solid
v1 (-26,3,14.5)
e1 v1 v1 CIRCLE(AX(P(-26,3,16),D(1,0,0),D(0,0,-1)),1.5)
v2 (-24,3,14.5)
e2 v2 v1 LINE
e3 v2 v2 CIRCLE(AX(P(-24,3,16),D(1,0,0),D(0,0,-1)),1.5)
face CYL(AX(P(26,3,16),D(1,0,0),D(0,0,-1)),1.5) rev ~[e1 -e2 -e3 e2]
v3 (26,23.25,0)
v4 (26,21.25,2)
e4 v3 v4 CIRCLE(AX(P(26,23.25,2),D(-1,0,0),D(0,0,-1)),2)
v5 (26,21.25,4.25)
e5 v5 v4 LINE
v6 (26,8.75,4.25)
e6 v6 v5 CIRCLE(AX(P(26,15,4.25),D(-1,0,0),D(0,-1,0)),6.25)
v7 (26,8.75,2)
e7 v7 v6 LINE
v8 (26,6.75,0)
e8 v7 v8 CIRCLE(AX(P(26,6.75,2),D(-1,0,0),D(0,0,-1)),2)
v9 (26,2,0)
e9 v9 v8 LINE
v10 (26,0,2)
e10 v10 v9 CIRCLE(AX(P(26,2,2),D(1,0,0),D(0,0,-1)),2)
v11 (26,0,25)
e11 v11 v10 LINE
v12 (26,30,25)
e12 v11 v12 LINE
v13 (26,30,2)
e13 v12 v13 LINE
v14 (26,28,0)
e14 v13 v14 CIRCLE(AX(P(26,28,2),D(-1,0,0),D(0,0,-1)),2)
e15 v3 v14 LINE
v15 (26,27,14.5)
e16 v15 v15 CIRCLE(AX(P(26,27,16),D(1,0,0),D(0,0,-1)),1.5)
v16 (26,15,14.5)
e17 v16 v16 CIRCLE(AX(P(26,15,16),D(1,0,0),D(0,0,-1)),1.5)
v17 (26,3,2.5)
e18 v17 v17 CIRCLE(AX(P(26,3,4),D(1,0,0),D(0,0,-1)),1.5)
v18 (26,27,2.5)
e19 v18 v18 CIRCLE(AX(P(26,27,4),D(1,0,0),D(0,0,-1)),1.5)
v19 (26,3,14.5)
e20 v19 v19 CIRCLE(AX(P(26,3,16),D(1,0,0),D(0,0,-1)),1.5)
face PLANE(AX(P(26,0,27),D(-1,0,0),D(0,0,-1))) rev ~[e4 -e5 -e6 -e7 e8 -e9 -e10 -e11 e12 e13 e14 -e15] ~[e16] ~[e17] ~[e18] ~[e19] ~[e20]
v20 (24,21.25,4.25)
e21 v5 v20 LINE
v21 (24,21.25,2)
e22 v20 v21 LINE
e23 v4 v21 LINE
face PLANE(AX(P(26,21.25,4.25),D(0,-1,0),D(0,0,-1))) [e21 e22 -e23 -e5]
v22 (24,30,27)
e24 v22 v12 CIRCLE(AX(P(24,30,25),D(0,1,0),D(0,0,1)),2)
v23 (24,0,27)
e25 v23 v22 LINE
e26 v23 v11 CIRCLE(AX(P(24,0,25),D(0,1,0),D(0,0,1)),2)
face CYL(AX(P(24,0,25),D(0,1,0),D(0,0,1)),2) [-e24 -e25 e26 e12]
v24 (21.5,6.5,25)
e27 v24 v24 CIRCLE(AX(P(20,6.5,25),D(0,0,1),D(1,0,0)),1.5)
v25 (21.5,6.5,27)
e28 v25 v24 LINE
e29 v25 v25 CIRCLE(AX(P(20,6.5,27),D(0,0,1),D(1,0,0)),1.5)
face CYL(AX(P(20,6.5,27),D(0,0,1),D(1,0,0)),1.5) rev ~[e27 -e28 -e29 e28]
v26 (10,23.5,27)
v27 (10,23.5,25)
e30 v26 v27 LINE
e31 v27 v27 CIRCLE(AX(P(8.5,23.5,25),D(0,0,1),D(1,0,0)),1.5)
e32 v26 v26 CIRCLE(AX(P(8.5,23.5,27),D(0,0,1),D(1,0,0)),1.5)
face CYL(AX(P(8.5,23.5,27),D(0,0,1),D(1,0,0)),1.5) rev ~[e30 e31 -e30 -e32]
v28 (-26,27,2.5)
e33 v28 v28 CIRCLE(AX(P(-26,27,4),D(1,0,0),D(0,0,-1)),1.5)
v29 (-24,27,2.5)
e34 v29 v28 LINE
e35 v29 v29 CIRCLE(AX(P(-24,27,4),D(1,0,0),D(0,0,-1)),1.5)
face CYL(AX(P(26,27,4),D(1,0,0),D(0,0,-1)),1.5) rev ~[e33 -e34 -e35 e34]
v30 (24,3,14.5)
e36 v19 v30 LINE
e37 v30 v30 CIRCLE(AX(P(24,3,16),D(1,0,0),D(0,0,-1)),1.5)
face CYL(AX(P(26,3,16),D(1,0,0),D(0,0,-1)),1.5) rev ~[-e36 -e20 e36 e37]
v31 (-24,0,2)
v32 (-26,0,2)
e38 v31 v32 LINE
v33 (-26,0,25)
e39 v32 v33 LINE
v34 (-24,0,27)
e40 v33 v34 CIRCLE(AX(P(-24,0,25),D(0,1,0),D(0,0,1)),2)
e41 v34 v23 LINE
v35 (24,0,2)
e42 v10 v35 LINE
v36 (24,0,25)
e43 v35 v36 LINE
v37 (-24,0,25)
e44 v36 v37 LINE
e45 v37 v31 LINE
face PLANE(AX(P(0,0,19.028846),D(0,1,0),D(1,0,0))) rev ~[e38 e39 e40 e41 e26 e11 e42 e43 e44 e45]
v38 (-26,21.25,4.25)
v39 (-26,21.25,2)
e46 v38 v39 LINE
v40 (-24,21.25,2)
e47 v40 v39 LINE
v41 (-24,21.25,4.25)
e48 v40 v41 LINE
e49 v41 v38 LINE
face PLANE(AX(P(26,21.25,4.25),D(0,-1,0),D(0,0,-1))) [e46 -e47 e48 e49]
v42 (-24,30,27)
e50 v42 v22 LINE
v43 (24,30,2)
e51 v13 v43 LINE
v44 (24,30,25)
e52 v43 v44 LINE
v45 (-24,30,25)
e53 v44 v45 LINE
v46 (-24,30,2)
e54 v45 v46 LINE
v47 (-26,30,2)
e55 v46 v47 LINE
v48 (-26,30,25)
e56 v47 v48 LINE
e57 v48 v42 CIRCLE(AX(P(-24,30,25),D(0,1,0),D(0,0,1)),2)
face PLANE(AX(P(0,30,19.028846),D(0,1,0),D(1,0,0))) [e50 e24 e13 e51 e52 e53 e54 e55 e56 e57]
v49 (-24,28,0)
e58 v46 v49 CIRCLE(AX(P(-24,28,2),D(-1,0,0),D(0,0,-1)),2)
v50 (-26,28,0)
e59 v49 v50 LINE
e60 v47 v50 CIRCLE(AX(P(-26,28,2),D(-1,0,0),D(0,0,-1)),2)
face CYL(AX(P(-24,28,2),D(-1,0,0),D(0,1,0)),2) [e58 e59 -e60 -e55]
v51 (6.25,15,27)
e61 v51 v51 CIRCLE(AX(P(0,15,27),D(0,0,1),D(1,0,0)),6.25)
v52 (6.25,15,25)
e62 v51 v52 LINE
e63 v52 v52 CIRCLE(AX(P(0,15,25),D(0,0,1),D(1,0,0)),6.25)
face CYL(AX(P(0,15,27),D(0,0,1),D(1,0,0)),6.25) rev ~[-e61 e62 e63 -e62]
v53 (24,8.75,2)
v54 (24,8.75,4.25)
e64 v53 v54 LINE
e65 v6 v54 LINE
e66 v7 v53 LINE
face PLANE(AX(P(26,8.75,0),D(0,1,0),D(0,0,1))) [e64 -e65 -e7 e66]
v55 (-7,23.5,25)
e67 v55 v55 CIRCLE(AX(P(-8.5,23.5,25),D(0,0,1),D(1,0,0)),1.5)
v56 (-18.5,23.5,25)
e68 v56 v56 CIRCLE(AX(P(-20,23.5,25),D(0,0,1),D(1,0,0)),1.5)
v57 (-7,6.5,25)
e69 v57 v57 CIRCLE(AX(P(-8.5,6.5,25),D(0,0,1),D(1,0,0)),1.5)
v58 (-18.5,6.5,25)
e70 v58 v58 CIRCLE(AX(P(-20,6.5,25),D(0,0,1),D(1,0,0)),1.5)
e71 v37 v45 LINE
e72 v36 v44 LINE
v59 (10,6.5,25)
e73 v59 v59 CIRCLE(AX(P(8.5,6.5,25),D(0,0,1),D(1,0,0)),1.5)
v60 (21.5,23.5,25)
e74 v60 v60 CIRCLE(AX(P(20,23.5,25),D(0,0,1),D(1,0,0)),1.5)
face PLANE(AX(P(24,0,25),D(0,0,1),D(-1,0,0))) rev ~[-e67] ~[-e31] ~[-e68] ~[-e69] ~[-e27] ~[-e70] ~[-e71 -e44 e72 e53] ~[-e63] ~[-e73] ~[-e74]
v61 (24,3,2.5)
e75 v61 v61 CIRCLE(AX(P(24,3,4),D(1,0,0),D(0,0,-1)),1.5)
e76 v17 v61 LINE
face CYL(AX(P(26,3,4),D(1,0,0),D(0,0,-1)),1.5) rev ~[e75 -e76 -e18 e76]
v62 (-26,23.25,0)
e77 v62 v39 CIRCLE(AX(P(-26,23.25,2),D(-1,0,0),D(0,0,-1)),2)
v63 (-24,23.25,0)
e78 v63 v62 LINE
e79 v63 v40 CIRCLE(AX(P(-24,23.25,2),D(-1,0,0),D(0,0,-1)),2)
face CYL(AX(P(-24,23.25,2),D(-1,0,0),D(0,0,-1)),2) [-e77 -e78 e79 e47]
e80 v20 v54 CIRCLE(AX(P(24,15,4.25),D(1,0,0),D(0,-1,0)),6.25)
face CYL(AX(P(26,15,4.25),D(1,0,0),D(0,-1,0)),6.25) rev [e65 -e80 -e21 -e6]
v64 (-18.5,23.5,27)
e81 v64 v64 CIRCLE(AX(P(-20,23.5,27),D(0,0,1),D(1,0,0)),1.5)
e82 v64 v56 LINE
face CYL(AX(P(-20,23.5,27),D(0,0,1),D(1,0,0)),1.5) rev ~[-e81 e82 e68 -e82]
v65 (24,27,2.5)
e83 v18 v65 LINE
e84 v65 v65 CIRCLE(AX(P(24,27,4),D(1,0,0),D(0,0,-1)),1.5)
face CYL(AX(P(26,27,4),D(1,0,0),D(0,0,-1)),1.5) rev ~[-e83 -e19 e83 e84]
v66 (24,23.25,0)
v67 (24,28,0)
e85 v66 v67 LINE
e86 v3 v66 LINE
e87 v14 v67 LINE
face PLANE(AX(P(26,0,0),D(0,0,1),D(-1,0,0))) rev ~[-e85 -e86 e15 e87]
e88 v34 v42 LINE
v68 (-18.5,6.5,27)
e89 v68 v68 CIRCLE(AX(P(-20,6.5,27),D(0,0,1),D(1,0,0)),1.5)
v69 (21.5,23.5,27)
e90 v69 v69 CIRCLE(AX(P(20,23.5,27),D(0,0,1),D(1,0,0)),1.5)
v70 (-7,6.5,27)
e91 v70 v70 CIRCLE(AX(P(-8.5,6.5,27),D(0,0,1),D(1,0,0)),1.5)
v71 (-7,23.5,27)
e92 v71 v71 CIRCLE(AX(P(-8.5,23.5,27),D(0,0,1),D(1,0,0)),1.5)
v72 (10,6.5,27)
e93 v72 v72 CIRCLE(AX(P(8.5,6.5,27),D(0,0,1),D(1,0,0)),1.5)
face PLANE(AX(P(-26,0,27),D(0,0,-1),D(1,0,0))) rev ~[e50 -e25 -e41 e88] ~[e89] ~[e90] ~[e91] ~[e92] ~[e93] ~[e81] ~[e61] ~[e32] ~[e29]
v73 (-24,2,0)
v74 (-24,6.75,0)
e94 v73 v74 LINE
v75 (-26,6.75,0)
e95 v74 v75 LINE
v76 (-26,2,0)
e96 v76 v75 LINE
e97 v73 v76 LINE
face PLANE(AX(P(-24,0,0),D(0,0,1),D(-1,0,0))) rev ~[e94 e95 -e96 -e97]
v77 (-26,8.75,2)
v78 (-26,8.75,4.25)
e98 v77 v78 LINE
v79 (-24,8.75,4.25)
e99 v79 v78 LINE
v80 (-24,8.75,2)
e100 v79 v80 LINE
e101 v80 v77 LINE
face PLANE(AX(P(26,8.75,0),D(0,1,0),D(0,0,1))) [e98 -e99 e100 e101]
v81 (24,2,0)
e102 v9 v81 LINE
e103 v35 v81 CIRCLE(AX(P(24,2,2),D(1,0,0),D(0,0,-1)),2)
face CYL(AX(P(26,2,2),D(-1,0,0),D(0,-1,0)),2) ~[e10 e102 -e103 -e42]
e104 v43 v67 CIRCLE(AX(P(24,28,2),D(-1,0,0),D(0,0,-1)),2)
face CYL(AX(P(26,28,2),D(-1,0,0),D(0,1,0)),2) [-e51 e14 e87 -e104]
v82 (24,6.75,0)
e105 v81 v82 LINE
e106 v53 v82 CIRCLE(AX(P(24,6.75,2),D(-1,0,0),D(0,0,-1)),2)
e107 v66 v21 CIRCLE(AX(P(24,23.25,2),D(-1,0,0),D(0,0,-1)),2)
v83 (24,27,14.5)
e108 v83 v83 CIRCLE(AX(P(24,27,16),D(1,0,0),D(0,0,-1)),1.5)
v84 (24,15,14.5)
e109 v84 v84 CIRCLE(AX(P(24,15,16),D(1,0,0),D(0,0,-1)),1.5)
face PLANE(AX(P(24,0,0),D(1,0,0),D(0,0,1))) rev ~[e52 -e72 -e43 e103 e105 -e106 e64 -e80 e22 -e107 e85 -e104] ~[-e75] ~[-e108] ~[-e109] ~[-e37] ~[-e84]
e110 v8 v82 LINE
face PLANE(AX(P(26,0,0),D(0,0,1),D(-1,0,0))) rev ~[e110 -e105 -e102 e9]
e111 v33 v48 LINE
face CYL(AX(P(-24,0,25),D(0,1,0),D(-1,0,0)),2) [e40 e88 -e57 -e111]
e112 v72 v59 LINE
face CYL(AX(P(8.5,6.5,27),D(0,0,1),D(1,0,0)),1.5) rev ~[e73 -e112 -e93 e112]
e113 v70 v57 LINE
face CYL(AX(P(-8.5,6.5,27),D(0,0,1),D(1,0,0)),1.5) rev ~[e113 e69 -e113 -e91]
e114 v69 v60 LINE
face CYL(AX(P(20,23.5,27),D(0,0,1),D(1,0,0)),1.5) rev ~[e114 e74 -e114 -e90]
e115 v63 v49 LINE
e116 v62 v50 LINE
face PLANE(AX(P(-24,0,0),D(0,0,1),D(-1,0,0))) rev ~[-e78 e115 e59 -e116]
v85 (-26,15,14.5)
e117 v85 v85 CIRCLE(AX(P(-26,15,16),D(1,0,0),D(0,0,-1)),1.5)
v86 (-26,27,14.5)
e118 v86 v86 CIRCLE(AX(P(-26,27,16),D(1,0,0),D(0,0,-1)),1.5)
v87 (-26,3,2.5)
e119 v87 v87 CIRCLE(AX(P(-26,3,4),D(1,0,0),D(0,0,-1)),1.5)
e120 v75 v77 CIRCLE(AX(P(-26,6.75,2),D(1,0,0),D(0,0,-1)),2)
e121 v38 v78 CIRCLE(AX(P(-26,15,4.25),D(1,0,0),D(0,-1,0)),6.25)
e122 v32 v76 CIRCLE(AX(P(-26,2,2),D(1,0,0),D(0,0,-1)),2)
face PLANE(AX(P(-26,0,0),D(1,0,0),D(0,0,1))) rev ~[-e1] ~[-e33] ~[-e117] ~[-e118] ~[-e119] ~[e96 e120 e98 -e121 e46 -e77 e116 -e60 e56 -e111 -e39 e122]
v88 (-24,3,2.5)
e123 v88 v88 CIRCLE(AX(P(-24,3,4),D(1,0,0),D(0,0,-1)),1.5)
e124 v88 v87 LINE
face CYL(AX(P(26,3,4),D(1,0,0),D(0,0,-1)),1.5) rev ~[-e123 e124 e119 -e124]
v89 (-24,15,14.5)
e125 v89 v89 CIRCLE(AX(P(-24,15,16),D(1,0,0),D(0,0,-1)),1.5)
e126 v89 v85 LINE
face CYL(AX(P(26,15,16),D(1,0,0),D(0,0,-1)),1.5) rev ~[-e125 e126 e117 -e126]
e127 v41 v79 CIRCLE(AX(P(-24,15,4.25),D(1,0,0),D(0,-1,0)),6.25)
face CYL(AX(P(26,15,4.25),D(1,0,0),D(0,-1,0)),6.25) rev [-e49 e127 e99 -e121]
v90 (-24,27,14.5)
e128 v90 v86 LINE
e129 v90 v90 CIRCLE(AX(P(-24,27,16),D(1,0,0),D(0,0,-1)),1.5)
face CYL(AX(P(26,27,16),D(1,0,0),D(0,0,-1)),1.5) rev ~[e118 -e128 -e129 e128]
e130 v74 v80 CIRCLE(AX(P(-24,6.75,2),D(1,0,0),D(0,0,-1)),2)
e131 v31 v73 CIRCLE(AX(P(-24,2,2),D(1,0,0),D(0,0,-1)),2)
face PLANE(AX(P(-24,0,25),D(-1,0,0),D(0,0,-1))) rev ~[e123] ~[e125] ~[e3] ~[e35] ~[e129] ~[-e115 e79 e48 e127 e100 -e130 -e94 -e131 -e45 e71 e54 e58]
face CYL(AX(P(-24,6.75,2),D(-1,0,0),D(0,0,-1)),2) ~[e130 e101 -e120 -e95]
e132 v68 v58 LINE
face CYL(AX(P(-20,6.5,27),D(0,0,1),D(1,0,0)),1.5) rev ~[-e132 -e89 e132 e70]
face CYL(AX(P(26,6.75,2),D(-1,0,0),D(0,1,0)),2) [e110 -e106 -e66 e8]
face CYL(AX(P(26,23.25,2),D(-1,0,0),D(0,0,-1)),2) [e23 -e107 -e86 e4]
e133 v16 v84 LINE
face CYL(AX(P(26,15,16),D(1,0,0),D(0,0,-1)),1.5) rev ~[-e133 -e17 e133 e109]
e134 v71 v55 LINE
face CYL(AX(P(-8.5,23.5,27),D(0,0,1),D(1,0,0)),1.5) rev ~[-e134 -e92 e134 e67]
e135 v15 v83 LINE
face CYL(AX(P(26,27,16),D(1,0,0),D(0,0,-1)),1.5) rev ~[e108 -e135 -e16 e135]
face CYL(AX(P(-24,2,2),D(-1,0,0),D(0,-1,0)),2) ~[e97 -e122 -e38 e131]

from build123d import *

# Parameters (mm, degrees)
BOSS_EXTRUDE1_DEPTH = 30
SKETCH2_R           = 1.5
CUT_EXTRUDE1_DEPTH  = 53
SKETCH3_R           = 6.25
SKETCH3_R_2         = 1.5
CUT_EXTRUDE2_DEPTH  = 30
FILLET1_R           = 2


with BuildPart() as part:
    # Sketch1 → Boss-Extrude1 (new body)
    with BuildSketch(Plane(origin=(0, 0, 0), x_dir=(1, 0, 0), z_dir=(0, 1, 0))):
        Polygon((24, 0), (24, -25), (-24, -25), (-24, 0), (-26, 0), (-26, -27), (26, -27), (26, 0), align=None)
    extrude(amount=BOSS_EXTRUDE1_DEPTH)

    # Sketch2 → Cut-Extrude1 (cut, through all)
    with BuildSketch(Plane(origin=(26, 0, 0), x_dir=(0, 0, -1), z_dir=(1, 0, 0))):
        with Locations((-4, 27)):
            Circle(SKETCH2_R)
        with Locations((-4, 3)):
            Circle(SKETCH2_R)
        with Locations((-16, 15)):
            Circle(SKETCH2_R)
        with Locations((-16, 27)):
            Circle(SKETCH2_R)
        with Locations((-16, 3)):
            Circle(SKETCH2_R)
        with BuildLine():
            Line((-4.25, 21.25), (0, 21.25))
            Line((0, 21.25), (0, 8.75))
            Line((0, 8.75), (-4.25, 8.75))
            ThreePointArc((-4.25, 8.75), (-10.5, 15), (-4.25, 21.25))
        make_face()
    extrude(amount=-CUT_EXTRUDE1_DEPTH, mode=Mode.SUBTRACT)

    # Sketch3 → Cut-Extrude2 (cut)
    with BuildSketch(Plane.XY.offset(27)):
        with Locations((0, 15)):
            Circle(SKETCH3_R)
        with Locations((20, 23.5)):
            Circle(SKETCH3_R_2)
        with Locations((20, 6.5)):
            Circle(SKETCH3_R_2)
        with Locations((8.5, 6.5)):
            Circle(SKETCH3_R_2)
        with Locations((8.5, 23.5)):
            Circle(SKETCH3_R_2)
        with Locations((-8.5, 6.5)):
            Circle(SKETCH3_R_2)
        with Locations((-20, 6.5)):
            Circle(SKETCH3_R_2)
        with Locations((-8.5, 23.5)):
            Circle(SKETCH3_R_2)
        with Locations((-20, 23.5)):
            Circle(SKETCH3_R_2)
    extrude(amount=-CUT_EXTRUDE2_DEPTH, mode=Mode.SUBTRACT)

    # Fillet1
    fillet1_edges = [part.edges().sort_by_distance(p)[0] for p in [
        (25, 0, 0),
        (26, 15, 27),
        (-26, 15, 27),
        (-25, 30, 0),
        (25, 30, 0),
        (25, 21.25, 0),
        (-25, 21.25, 0),
        (25, 8.75, 0),
        (-25, 8.75, 0),
        (-25, 0, 0),
    ]]
    fillet(fillet1_edges, radius=FILLET1_R)


solid = part.part
